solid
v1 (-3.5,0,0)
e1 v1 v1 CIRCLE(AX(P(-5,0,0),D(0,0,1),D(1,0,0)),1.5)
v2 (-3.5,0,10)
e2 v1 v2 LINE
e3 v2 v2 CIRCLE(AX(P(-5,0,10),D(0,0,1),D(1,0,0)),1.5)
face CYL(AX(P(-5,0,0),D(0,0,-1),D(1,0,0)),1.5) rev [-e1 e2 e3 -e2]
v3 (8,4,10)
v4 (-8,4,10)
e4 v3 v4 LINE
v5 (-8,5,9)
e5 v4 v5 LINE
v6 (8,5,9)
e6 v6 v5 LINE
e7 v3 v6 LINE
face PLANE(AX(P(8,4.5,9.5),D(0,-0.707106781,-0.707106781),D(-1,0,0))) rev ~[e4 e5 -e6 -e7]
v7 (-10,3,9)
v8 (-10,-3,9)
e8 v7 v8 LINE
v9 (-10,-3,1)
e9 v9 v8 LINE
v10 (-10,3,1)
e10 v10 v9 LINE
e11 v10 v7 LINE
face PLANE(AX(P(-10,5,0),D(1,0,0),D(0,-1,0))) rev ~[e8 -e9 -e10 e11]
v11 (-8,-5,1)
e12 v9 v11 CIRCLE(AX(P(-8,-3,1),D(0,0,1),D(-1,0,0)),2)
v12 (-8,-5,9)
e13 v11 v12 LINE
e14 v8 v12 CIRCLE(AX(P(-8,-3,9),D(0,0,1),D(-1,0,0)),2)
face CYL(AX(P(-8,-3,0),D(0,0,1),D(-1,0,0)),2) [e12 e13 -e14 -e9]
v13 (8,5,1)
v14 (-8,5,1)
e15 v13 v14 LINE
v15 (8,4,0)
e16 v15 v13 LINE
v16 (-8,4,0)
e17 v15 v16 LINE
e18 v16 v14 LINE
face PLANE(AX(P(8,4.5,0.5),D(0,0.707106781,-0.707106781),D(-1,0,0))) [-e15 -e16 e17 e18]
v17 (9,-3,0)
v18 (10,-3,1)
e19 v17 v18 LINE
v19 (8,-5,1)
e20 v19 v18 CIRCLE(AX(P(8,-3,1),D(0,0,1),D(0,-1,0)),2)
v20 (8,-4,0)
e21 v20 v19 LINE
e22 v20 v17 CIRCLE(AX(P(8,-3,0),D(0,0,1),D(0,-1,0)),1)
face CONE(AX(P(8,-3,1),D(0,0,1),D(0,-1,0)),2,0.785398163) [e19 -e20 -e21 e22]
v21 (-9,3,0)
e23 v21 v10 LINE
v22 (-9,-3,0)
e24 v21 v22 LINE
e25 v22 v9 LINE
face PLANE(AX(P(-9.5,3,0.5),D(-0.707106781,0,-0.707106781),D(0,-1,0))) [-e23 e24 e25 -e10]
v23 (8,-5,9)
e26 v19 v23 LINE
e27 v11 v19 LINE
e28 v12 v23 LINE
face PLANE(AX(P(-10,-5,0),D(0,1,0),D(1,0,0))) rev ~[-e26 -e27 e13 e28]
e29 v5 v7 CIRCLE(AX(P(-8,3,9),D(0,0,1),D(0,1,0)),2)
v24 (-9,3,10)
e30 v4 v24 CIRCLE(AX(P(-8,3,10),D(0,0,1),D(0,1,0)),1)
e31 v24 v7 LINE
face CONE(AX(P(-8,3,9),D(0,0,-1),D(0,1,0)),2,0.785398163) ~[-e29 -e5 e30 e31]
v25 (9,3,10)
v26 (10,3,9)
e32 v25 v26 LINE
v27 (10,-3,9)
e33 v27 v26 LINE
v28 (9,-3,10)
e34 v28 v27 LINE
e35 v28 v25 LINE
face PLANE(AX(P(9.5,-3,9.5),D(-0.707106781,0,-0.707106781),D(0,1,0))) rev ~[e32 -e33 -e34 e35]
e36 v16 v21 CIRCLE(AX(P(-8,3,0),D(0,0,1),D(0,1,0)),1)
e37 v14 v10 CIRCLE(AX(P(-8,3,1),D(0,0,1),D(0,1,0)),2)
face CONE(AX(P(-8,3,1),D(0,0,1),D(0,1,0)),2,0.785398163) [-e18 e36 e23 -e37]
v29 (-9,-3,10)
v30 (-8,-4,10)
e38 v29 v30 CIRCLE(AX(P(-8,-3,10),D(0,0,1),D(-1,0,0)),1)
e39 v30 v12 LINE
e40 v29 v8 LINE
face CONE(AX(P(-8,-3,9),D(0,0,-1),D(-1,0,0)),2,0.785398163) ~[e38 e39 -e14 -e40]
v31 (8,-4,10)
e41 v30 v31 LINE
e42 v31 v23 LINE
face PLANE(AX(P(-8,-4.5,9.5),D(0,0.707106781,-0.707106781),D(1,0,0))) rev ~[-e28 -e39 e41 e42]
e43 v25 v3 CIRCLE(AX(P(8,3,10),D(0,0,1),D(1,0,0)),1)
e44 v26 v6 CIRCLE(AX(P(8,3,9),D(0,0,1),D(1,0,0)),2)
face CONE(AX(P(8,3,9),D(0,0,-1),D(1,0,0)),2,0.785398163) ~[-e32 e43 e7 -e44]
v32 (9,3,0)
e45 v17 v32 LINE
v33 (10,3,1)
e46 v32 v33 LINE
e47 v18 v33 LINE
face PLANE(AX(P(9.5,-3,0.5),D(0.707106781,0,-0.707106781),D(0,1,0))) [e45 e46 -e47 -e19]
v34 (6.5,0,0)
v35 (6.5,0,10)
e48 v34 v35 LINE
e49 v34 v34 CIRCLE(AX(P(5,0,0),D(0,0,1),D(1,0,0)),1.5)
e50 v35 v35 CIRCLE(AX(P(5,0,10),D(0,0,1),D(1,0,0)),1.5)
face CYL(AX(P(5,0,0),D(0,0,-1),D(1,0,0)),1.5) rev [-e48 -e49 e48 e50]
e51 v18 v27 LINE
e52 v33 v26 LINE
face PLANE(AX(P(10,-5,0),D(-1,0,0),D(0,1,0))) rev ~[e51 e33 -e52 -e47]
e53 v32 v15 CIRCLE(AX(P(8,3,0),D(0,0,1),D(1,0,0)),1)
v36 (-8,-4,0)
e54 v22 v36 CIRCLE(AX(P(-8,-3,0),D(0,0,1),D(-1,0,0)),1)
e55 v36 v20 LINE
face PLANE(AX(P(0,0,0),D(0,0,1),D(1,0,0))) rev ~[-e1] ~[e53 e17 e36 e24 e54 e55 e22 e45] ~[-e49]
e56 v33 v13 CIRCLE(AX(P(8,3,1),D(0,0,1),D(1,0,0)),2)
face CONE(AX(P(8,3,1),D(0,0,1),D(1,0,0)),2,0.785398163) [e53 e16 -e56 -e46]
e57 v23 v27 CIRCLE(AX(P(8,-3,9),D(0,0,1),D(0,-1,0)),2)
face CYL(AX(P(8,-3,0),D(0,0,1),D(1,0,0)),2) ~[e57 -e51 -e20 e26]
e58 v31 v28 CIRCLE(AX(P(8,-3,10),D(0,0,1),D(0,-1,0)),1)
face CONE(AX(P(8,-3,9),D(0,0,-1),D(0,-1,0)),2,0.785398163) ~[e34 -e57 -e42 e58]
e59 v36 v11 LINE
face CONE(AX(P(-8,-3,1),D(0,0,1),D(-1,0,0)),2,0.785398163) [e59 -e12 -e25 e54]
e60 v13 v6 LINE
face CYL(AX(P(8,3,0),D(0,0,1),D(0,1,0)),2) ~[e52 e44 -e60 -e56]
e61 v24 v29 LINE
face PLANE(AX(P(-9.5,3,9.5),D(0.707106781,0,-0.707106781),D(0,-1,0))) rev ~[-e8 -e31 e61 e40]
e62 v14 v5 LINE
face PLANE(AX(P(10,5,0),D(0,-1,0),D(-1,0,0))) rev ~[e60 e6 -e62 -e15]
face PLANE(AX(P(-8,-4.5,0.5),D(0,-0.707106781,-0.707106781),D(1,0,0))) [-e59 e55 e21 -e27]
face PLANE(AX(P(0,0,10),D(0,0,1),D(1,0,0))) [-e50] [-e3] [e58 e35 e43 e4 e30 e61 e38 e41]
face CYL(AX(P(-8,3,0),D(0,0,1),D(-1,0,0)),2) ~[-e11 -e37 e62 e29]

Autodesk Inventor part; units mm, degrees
ref_plane "YZ Plane" through (0, 0, 0) normal (1, 0, 0) x (0, 1, 0)
ref_plane "XZ Plane" through (0, 0, 0) normal (0, 1, 0) x (-1, 0, 0)
ref_plane "XY Plane" through (0, 0, 0) normal (0, 0, 1) x (1, 0, 0)
sketch "스케치1" plane through (0, 0, 0) normal (0, 0, 1) x (1, 0, 0)
  line L0 (-10, -5) -> (10, -5)
  line L1 (10, -5) -> (10, 5)
  line L2 (10, 5) -> (-10, 5)
  line L3 (-10, 5) -> (-10, -5)
  line L4 (-10, -5) -> (10, 5) construction
  line L5 (10, -5) -> (-10, 5) construction
  circle A0 centre (-5, 0) radius 1.5
  circle A1 centre (5, 0) radius 1.5
  point P0 (0, 0)
  dimension "d0" = 10
  dimension "d1" = 20
  dimension "d2" = 3
  dimension "d3" = 5
  dimension "d4" = 5
extrude "돌출1" add sketch "스케치1" along normal blind 10
fillet "모깎기1" radius 2 4 edges at (-10, 5, 5) (-10, -5, 5) (10, -5, 5) (10, 5, 5)
chamfer "모따기1" distance 1 angle 45 16 edges at (0, 5, 0) (-9.4142, 4.4142, 0) (-10, 0, 0) (-9.4142, -4.4142, 0) (0, -5, 0) (9.4142, -4.4142, 0) (10, 0, 0) (9.4142, 4.4142, 0) (0, 5, 10) (-9.4142, 4.4142, 10) (-10, 0, 10) (-9.4142, -4.4142, 10) (0, -5, 10) (9.4142, -4.4142, 10) (10, 0, 10) (9.4142, 4.4142, 10)
properties part number "RobotBaseConnector1x2_3D 인쇄"
